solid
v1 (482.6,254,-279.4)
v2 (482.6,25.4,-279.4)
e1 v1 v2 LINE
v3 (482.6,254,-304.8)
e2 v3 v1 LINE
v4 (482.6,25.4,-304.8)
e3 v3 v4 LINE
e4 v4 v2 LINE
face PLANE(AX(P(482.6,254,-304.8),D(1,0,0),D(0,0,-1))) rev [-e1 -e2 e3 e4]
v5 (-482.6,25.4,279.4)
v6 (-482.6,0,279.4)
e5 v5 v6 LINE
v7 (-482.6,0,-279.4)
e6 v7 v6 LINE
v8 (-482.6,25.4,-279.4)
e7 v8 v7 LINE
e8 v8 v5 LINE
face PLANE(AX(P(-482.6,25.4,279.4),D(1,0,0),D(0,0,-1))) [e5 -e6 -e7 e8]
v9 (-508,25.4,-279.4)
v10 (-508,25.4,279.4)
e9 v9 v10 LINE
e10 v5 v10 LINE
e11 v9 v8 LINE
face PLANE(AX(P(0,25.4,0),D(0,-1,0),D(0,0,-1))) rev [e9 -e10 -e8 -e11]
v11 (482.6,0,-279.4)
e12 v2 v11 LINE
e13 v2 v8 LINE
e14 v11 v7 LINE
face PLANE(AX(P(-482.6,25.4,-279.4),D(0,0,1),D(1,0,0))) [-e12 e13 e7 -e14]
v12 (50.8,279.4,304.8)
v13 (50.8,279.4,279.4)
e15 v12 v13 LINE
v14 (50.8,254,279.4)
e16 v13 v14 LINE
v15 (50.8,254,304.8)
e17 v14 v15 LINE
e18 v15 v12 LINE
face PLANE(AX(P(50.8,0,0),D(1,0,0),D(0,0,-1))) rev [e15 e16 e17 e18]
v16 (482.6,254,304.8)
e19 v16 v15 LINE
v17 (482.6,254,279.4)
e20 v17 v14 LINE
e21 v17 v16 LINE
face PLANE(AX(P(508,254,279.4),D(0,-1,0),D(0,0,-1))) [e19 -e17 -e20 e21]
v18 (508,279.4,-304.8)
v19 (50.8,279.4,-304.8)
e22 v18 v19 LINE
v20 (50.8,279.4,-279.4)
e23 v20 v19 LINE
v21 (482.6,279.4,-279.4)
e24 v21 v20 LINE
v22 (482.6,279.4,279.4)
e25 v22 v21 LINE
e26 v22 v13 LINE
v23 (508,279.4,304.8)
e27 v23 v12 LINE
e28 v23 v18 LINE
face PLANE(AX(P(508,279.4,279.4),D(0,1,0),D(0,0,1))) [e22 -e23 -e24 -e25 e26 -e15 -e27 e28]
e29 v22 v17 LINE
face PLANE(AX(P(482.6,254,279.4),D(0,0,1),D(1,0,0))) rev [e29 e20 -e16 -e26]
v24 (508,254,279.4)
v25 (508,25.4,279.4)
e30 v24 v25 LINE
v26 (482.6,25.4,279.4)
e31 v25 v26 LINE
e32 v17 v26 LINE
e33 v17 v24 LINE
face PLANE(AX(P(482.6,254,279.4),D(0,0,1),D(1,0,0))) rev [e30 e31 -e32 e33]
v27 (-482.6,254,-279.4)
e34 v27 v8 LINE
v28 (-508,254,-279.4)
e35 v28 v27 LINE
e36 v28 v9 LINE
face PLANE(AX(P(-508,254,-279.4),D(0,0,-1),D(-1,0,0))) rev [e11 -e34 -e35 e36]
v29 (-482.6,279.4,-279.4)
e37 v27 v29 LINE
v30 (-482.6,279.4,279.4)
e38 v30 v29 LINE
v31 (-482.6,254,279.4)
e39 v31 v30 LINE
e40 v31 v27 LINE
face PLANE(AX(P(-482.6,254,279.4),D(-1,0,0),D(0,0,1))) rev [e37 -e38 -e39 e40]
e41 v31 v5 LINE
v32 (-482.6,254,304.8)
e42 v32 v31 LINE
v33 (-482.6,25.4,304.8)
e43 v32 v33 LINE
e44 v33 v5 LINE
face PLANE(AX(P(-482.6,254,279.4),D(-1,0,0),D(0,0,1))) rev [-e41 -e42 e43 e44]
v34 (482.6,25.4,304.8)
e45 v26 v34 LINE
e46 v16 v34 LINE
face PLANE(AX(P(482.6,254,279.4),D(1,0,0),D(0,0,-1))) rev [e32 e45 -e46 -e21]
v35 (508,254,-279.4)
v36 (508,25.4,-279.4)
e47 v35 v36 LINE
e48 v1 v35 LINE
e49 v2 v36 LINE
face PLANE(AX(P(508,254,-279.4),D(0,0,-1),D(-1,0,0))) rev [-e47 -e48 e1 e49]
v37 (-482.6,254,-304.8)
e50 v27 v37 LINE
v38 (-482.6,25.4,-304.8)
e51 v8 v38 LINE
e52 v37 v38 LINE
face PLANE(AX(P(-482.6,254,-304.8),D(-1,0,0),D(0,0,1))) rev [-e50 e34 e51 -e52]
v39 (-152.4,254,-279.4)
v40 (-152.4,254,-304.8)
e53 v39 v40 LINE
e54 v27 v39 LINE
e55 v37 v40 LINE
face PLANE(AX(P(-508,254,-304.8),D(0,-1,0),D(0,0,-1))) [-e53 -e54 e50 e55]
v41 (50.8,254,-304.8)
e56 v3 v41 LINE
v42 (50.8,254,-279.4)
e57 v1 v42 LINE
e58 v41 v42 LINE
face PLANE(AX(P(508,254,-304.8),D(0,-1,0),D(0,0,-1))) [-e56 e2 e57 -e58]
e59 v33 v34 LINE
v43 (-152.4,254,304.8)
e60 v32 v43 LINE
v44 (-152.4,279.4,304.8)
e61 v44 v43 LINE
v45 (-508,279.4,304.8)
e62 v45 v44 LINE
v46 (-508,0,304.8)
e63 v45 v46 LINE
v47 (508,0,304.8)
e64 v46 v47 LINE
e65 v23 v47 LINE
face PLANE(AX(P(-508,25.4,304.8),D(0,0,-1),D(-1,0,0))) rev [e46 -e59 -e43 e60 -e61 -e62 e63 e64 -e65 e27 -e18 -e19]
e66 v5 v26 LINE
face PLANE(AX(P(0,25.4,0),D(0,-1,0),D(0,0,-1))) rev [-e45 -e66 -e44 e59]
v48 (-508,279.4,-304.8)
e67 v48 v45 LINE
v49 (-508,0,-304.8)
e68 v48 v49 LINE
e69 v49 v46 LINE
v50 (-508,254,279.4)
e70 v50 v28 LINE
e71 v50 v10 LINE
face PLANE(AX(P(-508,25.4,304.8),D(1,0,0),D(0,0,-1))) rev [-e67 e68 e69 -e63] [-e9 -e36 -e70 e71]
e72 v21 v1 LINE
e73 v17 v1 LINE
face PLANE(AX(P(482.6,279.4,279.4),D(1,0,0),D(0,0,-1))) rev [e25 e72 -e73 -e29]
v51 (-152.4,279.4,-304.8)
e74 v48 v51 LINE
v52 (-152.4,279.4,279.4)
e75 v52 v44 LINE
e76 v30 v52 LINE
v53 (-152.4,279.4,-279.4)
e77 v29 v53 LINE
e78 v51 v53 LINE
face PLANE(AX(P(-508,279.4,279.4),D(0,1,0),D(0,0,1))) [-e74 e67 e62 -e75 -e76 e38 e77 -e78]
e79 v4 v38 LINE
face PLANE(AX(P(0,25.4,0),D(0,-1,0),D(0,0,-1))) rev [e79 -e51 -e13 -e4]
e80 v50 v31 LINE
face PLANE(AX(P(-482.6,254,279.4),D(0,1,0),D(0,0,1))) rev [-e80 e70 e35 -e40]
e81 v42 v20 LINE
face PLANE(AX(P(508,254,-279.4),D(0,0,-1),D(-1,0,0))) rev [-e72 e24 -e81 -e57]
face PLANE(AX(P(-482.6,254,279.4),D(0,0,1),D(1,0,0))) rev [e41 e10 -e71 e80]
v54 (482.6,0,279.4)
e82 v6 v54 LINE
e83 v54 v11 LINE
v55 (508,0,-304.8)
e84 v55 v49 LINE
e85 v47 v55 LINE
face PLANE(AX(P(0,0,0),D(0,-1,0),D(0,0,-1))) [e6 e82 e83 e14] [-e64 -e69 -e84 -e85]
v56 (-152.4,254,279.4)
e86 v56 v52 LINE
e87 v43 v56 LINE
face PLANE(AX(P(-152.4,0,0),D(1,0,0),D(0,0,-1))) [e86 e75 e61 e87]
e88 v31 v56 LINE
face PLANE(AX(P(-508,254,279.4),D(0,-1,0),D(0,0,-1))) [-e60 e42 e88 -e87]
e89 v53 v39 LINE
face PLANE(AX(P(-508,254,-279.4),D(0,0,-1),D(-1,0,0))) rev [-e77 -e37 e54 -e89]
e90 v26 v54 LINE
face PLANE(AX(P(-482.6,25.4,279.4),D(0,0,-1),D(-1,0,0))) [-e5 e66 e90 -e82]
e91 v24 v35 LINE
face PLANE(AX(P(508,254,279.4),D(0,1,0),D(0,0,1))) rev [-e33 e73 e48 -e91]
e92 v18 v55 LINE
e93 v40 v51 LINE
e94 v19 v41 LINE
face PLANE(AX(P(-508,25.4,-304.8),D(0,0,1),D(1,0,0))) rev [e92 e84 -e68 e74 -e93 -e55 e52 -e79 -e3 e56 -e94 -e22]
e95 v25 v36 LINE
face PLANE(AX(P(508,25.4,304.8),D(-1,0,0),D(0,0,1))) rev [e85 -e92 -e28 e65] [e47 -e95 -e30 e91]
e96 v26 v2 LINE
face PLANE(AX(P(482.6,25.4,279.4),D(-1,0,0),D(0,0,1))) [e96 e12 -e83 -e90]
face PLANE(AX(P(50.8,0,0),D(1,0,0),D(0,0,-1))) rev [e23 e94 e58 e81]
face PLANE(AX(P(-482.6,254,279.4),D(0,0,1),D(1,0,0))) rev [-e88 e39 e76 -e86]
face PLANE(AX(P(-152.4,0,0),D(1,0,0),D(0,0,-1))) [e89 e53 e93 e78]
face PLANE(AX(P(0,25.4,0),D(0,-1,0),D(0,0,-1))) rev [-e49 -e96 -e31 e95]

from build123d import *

# Parameters (mm, degrees)
SKETCH3_W                = 1016
SKETCH3_H                = 609.6
SKETCH3_W_2              = 965.2
SKETCH3_H_2              = 558.8
BOSS_EXTRUDE1_DEPTH      = 25.4
SKETCH4_W                = 25.4
SKETCH4_H                = 25.4
BOSS_EXTRUDE2_DEPTH      = 228.6
BOSS_EXTRUDE3_DEPTH      = 330.2
BOSS_EXTRUDE3_DEPTH_BACK = 25.4
SKETCH6_W                = 25.4
SKETCH6_H                = 25.4
BOSS_EXTRUDE4_DEPTH      = 431.8
BOSS_EXTRUDE4_DEPTH_BACK = 25.4
SKETCH7_W                = 25.4
SKETCH7_H                = 25.4
SKETCH8_W                = 25.4
SKETCH8_H                = 25.4
BOSS_EXTRUDE5_DEPTH      = 558.8


with BuildPart() as part:
    # Sketch3 → Boss-Extrude1 (new body)
    with BuildSketch(Plane(origin=(0, 0, 0), x_dir=(1, 0, 0), z_dir=(0, 1, 0))):
        Rectangle(SKETCH3_W, SKETCH3_H)
        Rectangle(SKETCH3_W_2, SKETCH3_H_2, mode=Mode.SUBTRACT)
    extrude(amount=BOSS_EXTRUDE1_DEPTH)

    # Sketch4 → Boss-Extrude2 (add)
    with BuildSketch(Plane(origin=(0, 25.4, 0), x_dir=(1, 0, 0), z_dir=(0, 1, 0))):
        with Locations((-495.3, 292.1)):
            Rectangle(SKETCH4_W, SKETCH4_H)
        with Locations((495.3, 292.1)):
            Rectangle(SKETCH4_W, SKETCH4_H)
        with Locations((495.3, -292.1)):
            Rectangle(SKETCH4_W, SKETCH4_H)
        with Locations((-495.3, -292.1)):
            Rectangle(SKETCH4_W, SKETCH4_H)
    extrude(amount=BOSS_EXTRUDE2_DEPTH)

    # Sketch6 → Boss-Extrude3 (add, two sides: drawn at the far end of the back side and taken through both)
    with BuildSketch(Plane(origin=(-482.6, 0, 0), x_dir=(0, 0, -1), z_dir=(1, 0, 0)).offset(-BOSS_EXTRUDE3_DEPTH_BACK)):
        with Locations((-292.1, 266.7)):
            Rectangle(SKETCH6_W, SKETCH6_H)
        with Locations((292.1, 266.7)):
            Rectangle(SKETCH6_W, SKETCH6_H)
    extrude(amount=BOSS_EXTRUDE3_DEPTH + BOSS_EXTRUDE3_DEPTH_BACK)

    # Sketch7 → Boss-Extrude4 (add, two sides: drawn at the far end of the back side and taken through both)
    with BuildSketch(Plane.ZY.offset(-482.6).offset(-BOSS_EXTRUDE4_DEPTH_BACK)):
        with Locations((292.1, 266.7)):
            Rectangle(SKETCH7_W, SKETCH7_H)
        with Locations((-292.1, 266.7)):
            Rectangle(SKETCH7_W, SKETCH7_H)
    extrude(amount=BOSS_EXTRUDE4_DEPTH + BOSS_EXTRUDE4_DEPTH_BACK)

    # Sketch8 → Boss-Extrude5 (add)
    with BuildSketch(Plane.XY.offset(-279.4)):
        with Locations((495.3, 266.7)):
            Rectangle(SKETCH8_W, SKETCH8_H)
        with Locations((-495.3, 266.7)):
            Rectangle(SKETCH8_W, SKETCH8_H)
    extrude(amount=BOSS_EXTRUDE5_DEPTH)


solid = part.part
